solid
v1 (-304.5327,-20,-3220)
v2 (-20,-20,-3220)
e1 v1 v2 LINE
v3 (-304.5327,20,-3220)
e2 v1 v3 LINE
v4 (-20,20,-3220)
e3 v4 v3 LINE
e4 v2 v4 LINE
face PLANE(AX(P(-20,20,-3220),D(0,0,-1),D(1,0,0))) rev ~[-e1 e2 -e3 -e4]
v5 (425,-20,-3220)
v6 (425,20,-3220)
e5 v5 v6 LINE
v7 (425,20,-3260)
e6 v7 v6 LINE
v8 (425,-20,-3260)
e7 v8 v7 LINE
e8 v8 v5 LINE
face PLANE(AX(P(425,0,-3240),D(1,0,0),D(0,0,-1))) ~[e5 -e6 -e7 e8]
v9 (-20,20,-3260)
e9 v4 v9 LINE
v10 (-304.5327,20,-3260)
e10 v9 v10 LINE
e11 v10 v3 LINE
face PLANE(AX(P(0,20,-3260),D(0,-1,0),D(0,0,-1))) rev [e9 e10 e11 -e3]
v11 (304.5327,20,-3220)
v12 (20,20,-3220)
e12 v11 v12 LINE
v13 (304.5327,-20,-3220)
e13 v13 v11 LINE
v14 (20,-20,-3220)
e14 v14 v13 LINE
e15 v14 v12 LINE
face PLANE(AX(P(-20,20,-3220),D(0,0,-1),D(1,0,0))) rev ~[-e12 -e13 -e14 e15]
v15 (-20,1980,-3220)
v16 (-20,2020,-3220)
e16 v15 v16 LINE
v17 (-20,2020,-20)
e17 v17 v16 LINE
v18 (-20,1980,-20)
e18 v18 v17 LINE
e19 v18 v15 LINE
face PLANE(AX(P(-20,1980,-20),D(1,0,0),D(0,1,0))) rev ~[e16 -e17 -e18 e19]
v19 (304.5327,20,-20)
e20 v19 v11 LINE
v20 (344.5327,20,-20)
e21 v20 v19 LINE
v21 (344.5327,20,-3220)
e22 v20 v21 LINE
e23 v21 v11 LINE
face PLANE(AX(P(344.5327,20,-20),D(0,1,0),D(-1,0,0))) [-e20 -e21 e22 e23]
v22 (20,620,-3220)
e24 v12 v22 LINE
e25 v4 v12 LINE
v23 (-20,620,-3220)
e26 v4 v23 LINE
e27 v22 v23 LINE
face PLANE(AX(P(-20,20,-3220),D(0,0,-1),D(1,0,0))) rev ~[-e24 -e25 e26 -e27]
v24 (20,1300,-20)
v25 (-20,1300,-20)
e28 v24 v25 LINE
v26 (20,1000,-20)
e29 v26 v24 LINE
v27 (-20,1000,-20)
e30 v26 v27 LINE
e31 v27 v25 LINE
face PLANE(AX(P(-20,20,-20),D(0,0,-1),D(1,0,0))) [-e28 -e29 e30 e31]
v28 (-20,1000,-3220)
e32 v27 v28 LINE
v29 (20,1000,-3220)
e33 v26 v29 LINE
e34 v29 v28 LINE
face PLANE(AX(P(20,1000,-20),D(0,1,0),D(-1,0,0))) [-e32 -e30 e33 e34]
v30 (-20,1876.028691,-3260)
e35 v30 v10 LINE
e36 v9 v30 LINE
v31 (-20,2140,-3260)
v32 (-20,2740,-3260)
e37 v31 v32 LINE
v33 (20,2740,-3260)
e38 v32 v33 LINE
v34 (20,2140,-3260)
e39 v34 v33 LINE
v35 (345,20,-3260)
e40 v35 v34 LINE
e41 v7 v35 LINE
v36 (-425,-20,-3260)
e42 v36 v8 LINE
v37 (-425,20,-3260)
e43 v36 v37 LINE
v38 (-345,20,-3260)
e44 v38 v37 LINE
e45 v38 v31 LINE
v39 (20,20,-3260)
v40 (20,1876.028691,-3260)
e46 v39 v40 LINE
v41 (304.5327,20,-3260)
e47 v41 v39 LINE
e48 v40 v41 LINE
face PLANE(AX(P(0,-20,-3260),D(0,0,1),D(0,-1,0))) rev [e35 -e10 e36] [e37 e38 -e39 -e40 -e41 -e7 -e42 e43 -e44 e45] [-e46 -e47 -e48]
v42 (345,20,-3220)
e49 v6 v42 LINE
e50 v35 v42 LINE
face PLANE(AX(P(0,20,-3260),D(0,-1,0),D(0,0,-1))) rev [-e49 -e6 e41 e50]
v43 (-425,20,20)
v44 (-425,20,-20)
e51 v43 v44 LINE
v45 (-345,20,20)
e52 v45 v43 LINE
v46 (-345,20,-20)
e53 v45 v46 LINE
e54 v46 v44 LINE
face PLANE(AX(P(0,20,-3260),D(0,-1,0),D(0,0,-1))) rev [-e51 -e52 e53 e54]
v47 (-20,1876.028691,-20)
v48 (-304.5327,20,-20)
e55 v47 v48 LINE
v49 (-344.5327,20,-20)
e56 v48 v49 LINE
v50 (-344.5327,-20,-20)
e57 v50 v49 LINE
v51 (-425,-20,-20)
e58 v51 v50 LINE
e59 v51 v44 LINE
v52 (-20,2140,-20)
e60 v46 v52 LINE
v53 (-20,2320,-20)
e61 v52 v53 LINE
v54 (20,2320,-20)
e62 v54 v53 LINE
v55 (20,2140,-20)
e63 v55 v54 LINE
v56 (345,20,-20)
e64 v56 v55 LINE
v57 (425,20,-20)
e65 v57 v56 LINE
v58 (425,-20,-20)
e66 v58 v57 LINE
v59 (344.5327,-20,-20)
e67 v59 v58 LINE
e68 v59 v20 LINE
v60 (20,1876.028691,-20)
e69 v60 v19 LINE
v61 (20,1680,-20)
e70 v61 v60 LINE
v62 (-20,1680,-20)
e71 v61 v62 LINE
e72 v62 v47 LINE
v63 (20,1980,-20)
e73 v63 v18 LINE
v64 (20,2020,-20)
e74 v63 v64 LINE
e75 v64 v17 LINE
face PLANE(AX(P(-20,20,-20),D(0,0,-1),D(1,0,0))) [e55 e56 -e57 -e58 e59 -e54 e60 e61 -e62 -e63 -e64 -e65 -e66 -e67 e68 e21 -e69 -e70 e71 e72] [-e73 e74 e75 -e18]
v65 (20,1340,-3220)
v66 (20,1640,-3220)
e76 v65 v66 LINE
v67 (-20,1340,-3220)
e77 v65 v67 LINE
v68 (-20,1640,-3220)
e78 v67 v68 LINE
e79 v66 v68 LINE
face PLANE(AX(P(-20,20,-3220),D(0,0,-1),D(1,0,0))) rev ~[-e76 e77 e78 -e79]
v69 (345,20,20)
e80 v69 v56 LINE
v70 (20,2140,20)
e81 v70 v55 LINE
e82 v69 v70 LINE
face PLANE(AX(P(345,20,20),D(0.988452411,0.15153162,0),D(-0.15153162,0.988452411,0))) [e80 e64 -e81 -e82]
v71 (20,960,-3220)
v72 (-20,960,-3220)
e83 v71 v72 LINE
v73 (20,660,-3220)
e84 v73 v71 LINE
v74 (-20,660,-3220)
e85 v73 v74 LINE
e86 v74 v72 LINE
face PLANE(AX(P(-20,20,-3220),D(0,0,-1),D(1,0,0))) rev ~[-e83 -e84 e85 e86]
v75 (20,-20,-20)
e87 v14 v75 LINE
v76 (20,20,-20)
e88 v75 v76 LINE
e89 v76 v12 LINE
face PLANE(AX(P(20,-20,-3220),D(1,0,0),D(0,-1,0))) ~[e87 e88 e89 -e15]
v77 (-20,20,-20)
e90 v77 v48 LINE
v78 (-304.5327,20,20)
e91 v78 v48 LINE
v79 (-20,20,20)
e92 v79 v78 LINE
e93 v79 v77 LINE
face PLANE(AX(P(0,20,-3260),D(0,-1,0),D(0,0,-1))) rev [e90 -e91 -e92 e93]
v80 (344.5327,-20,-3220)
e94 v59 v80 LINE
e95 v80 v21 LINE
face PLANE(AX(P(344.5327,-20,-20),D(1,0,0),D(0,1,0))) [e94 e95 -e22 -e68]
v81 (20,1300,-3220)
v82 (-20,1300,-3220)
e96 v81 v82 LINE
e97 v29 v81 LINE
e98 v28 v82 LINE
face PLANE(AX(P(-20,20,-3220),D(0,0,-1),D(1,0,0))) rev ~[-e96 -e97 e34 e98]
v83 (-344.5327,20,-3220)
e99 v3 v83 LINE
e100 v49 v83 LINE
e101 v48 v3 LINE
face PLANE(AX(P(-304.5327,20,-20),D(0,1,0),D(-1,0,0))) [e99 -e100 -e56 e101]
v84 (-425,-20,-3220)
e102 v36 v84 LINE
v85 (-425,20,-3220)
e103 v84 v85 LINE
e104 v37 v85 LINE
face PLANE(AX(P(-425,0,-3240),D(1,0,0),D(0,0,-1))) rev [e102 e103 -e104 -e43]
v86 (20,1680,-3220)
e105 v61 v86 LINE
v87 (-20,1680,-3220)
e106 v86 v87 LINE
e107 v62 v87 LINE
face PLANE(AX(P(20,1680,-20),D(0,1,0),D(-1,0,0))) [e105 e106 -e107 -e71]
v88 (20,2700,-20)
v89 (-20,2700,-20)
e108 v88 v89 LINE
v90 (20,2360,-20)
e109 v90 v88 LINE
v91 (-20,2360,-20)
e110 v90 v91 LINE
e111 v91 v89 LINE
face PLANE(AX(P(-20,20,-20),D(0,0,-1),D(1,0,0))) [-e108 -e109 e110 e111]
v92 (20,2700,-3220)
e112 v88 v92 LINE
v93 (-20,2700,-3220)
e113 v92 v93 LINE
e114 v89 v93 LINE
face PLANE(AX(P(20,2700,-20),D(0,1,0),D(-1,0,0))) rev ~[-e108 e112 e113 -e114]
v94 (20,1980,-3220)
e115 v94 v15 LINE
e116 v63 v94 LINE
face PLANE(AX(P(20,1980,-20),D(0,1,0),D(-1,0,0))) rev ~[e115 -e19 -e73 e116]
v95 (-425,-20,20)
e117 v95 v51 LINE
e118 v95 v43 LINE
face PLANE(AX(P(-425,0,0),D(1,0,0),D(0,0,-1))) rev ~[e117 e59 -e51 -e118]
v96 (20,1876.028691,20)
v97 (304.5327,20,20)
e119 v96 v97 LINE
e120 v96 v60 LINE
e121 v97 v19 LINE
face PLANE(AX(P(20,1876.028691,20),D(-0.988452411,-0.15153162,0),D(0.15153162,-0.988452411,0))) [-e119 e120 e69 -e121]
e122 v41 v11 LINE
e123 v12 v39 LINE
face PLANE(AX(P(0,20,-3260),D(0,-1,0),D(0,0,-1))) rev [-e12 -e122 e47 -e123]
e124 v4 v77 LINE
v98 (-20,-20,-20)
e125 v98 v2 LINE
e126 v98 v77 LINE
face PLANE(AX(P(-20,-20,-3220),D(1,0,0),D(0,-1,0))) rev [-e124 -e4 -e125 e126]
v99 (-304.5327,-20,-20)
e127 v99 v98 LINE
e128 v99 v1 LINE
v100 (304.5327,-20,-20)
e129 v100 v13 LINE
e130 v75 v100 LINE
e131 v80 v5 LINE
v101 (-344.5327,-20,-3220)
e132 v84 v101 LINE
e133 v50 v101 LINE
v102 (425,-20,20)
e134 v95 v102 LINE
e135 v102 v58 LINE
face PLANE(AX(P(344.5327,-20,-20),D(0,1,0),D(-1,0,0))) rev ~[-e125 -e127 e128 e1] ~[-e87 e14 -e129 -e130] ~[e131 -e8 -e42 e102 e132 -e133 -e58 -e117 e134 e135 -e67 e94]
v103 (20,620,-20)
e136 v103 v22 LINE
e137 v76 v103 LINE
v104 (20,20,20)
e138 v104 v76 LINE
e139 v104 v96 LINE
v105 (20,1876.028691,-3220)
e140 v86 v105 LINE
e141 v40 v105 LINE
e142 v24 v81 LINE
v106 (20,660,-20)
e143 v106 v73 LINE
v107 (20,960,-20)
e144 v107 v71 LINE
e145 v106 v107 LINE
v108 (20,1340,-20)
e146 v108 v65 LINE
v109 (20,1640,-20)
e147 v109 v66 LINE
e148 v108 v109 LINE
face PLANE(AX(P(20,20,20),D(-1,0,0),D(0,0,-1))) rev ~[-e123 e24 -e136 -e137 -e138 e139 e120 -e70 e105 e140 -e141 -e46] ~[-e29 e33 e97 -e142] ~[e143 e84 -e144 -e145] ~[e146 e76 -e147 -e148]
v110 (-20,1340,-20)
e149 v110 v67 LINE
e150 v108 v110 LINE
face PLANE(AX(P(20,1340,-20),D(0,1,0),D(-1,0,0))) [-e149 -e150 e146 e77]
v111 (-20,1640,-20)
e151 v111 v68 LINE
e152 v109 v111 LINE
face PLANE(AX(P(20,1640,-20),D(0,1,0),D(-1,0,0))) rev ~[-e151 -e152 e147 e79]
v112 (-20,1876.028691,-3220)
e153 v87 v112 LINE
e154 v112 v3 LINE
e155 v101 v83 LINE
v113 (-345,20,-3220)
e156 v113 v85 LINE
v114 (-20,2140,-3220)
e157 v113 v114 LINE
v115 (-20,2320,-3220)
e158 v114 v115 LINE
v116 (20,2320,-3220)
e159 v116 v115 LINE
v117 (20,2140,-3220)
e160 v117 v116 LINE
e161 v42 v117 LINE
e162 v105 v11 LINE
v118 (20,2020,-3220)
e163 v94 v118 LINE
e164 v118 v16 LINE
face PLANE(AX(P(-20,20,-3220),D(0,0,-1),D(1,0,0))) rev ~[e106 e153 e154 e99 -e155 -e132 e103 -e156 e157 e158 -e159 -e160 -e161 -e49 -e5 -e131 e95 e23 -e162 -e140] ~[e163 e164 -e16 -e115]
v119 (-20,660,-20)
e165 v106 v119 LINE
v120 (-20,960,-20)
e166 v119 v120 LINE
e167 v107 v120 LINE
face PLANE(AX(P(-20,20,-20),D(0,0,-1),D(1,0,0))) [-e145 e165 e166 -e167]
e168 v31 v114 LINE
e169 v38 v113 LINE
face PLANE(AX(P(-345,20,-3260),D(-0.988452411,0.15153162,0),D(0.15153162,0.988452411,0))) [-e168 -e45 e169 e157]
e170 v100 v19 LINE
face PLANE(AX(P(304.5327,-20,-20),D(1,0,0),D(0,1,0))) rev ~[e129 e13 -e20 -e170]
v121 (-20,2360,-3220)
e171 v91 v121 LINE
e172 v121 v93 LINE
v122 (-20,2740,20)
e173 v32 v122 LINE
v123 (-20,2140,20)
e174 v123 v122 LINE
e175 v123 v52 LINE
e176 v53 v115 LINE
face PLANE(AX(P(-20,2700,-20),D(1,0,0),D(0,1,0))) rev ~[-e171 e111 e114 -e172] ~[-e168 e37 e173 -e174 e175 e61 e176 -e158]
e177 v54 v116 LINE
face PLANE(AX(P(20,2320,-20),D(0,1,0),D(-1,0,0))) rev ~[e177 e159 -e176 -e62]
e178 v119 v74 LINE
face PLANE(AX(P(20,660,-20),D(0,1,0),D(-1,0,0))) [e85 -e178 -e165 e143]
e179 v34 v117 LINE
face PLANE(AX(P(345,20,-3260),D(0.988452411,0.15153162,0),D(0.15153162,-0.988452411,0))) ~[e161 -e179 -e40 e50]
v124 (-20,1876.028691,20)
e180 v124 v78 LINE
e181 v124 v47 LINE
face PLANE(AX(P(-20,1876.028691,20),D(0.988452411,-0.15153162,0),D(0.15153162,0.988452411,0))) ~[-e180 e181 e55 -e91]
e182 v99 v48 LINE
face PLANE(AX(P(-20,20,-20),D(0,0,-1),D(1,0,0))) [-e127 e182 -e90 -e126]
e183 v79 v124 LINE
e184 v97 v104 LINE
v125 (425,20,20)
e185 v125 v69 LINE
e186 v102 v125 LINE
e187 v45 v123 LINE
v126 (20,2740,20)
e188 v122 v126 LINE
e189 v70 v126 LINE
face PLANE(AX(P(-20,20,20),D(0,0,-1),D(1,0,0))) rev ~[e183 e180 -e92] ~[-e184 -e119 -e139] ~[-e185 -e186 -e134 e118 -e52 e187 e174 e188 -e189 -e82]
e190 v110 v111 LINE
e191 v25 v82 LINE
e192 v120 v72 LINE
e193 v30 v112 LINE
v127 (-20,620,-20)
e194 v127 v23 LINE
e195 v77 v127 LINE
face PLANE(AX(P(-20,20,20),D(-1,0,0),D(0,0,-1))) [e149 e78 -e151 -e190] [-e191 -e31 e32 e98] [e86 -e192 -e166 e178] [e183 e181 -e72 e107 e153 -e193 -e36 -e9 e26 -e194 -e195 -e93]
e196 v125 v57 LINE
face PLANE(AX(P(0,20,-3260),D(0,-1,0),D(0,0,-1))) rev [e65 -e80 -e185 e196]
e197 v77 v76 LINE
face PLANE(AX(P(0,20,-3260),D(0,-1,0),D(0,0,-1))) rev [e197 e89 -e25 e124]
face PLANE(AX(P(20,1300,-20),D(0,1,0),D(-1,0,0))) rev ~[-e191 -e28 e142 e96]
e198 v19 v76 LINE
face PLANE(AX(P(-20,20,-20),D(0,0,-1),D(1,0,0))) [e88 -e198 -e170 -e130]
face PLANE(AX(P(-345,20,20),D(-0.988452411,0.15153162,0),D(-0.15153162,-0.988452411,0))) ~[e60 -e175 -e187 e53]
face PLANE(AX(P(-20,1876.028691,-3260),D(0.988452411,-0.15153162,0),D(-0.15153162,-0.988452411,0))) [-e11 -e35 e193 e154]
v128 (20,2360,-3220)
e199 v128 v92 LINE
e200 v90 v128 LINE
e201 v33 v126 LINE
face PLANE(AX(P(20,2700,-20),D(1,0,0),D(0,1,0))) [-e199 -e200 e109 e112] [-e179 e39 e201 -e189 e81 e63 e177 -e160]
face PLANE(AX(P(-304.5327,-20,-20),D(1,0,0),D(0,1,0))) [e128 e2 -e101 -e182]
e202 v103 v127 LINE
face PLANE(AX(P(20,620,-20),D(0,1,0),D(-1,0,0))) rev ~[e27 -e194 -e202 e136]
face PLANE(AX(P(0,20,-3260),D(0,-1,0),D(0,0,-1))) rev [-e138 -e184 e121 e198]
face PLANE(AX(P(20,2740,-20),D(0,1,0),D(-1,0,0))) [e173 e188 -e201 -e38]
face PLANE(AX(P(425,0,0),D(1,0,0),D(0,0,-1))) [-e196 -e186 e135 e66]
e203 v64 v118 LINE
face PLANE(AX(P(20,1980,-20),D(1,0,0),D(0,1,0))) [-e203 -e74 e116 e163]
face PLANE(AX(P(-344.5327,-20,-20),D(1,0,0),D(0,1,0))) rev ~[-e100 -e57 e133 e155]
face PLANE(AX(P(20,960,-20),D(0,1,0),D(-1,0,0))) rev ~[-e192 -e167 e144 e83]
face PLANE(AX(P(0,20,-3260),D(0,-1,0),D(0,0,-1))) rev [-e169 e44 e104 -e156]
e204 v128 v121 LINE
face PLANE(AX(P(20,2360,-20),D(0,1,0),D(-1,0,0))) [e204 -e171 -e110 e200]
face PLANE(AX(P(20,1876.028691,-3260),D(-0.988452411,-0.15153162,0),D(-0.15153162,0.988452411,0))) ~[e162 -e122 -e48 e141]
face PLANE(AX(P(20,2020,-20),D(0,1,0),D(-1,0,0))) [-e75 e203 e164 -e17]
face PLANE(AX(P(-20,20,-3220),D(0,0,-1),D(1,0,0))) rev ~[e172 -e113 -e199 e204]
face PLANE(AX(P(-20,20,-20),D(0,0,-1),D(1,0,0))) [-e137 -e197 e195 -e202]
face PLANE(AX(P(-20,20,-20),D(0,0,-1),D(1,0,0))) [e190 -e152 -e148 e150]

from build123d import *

# Parameters (mm, degrees)
CROQUIS1_W     = 40
CROQUIS1_H     = 40
EXTRUIR1_DEPTH = 425
CROQUIS2_W     = 40
CROQUIS2_H     = 40
EXTRUIR2_DEPTH = 1600
CROQUIS3_W     = 40
CROQUIS3_H     = 40
EXTRUIR3_DEPTH = 2720
EXTRUIR4_DEPTH = 40
CROQUIS5_W     = 40
CROQUIS5_H     = 40
EXTRUIR5_DEPTH = 3200
CROQUIS6_W     = 40
CROQUIS6_H     = 40
EXTRUIR6_DEPTH = 3200


with BuildPart() as part:
    # Croquis1 → Extruir1 (new, symmetric)
    with BuildSketch(Plane(origin=(0, 0, 0), x_dir=(0, 0, -1), z_dir=(1, 0, 0))):
        Rectangle(CROQUIS1_W, CROQUIS1_H)
    extrude(amount=EXTRUIR1_DEPTH, both=True)

    # Croquis2 → Extruir2 (add)
    with BuildSketch(Plane(origin=(0, 0, -20), x_dir=(-1, 0, 0), z_dir=(0, 0, -1))):
        Rectangle(CROQUIS2_W, CROQUIS2_H)
    extrude(amount=EXTRUIR2_DEPTH)

    # Simetría1: part across plane


with BuildPart() as part_1:
    add(part.part)
    add(part.part.mirror(Plane(origin=(-20, 20, -1620), x_dir=(1, 0, 0), z_dir=(0, 0, 1))))

    # Croquis3 → Extruir3 (add)
    with BuildSketch(Plane(origin=(0, 20, 0), x_dir=(1, 0, 0), z_dir=(0, 1, 0))):
        Rectangle(CROQUIS3_W, CROQUIS3_H)
        with Locations((0, 3240)):
            Rectangle(CROQUIS3_W, CROQUIS3_H)
    extrude(amount=EXTRUIR3_DEPTH)



with BuildPart() as body_2:
    # Croquis4 → Extruir4 (new body)
    with BuildSketch(Plane.XY.offset(20)):
        Polygon((345, 20), (20, 2140), (20, 1876.028690818), (304.532700243, 20), align=None)
    extrude(amount=-EXTRUIR4_DEPTH)


with BuildPart() as body_3:
    # Simetría2: mirrored copy
    add(body_2.part.mirror(Plane(origin=(0, 0, 0), x_dir=(0, 0, 1), z_dir=(1, 0, 0))))


with BuildPart() as body_4:
    # Simetría3: mirrored copy
    add(body_3.part.mirror(Plane(origin=(0, 0, -1620), x_dir=(1, 0, 0), z_dir=(0, 0, -1))))


with BuildPart() as body_5:
    # Simetr_a3 2: mirrored copy
    add(body_2.part.mirror(Plane(origin=(0, 0, -1620), x_dir=(1, 0, 0), z_dir=(0, 0, -1))))


with BuildPart() as part_2:
    add(part_1.part)

    add(body_2.part)  # Extruir5 merges body 2

    add(body_3.part)  # Extruir5 merges body 3

    add(body_4.part)  # Extruir5 merges body 4

    add(body_5.part)  # Extruir5 merges body 5
    # Croquis5 → Extruir5 (add)
    with BuildSketch(Plane(origin=(0, 0, -20), x_dir=(-1, 0, 0), z_dir=(0, 0, -1))):
        with Locations((0, 640)):
            Rectangle(CROQUIS5_W, CROQUIS5_H)
        with Locations((0, 980)):
            Rectangle(CROQUIS5_W, CROQUIS5_H)
        with Locations((0, 1320)):
            Rectangle(CROQUIS5_W, CROQUIS5_H)
        with Locations((0, 1660)):
            Rectangle(CROQUIS5_W, CROQUIS5_H)
        with Locations((0, 2000)):
            Rectangle(CROQUIS5_W, CROQUIS5_H)
        with Locations((0, 2340)):
            Rectangle(CROQUIS5_W, CROQUIS5_H)
        with Locations((0, 2720)):
            Rectangle(CROQUIS5_W, CROQUIS5_H)
    extrude(amount=EXTRUIR5_DEPTH)

    # Croquis6 → Extruir6 (add)
    with BuildSketch(Plane(origin=(0, 0, -20), x_dir=(-1, 0, 0), z_dir=(0, 0, -1))):
        with Locations((-324.532700243, 0)):
            Rectangle(CROQUIS6_W, CROQUIS6_H)
        with Locations((324.532700243, 0)):
            Rectangle(CROQUIS6_W, CROQUIS6_H)
    extrude(amount=EXTRUIR6_DEPTH)


solid = part_2.part
